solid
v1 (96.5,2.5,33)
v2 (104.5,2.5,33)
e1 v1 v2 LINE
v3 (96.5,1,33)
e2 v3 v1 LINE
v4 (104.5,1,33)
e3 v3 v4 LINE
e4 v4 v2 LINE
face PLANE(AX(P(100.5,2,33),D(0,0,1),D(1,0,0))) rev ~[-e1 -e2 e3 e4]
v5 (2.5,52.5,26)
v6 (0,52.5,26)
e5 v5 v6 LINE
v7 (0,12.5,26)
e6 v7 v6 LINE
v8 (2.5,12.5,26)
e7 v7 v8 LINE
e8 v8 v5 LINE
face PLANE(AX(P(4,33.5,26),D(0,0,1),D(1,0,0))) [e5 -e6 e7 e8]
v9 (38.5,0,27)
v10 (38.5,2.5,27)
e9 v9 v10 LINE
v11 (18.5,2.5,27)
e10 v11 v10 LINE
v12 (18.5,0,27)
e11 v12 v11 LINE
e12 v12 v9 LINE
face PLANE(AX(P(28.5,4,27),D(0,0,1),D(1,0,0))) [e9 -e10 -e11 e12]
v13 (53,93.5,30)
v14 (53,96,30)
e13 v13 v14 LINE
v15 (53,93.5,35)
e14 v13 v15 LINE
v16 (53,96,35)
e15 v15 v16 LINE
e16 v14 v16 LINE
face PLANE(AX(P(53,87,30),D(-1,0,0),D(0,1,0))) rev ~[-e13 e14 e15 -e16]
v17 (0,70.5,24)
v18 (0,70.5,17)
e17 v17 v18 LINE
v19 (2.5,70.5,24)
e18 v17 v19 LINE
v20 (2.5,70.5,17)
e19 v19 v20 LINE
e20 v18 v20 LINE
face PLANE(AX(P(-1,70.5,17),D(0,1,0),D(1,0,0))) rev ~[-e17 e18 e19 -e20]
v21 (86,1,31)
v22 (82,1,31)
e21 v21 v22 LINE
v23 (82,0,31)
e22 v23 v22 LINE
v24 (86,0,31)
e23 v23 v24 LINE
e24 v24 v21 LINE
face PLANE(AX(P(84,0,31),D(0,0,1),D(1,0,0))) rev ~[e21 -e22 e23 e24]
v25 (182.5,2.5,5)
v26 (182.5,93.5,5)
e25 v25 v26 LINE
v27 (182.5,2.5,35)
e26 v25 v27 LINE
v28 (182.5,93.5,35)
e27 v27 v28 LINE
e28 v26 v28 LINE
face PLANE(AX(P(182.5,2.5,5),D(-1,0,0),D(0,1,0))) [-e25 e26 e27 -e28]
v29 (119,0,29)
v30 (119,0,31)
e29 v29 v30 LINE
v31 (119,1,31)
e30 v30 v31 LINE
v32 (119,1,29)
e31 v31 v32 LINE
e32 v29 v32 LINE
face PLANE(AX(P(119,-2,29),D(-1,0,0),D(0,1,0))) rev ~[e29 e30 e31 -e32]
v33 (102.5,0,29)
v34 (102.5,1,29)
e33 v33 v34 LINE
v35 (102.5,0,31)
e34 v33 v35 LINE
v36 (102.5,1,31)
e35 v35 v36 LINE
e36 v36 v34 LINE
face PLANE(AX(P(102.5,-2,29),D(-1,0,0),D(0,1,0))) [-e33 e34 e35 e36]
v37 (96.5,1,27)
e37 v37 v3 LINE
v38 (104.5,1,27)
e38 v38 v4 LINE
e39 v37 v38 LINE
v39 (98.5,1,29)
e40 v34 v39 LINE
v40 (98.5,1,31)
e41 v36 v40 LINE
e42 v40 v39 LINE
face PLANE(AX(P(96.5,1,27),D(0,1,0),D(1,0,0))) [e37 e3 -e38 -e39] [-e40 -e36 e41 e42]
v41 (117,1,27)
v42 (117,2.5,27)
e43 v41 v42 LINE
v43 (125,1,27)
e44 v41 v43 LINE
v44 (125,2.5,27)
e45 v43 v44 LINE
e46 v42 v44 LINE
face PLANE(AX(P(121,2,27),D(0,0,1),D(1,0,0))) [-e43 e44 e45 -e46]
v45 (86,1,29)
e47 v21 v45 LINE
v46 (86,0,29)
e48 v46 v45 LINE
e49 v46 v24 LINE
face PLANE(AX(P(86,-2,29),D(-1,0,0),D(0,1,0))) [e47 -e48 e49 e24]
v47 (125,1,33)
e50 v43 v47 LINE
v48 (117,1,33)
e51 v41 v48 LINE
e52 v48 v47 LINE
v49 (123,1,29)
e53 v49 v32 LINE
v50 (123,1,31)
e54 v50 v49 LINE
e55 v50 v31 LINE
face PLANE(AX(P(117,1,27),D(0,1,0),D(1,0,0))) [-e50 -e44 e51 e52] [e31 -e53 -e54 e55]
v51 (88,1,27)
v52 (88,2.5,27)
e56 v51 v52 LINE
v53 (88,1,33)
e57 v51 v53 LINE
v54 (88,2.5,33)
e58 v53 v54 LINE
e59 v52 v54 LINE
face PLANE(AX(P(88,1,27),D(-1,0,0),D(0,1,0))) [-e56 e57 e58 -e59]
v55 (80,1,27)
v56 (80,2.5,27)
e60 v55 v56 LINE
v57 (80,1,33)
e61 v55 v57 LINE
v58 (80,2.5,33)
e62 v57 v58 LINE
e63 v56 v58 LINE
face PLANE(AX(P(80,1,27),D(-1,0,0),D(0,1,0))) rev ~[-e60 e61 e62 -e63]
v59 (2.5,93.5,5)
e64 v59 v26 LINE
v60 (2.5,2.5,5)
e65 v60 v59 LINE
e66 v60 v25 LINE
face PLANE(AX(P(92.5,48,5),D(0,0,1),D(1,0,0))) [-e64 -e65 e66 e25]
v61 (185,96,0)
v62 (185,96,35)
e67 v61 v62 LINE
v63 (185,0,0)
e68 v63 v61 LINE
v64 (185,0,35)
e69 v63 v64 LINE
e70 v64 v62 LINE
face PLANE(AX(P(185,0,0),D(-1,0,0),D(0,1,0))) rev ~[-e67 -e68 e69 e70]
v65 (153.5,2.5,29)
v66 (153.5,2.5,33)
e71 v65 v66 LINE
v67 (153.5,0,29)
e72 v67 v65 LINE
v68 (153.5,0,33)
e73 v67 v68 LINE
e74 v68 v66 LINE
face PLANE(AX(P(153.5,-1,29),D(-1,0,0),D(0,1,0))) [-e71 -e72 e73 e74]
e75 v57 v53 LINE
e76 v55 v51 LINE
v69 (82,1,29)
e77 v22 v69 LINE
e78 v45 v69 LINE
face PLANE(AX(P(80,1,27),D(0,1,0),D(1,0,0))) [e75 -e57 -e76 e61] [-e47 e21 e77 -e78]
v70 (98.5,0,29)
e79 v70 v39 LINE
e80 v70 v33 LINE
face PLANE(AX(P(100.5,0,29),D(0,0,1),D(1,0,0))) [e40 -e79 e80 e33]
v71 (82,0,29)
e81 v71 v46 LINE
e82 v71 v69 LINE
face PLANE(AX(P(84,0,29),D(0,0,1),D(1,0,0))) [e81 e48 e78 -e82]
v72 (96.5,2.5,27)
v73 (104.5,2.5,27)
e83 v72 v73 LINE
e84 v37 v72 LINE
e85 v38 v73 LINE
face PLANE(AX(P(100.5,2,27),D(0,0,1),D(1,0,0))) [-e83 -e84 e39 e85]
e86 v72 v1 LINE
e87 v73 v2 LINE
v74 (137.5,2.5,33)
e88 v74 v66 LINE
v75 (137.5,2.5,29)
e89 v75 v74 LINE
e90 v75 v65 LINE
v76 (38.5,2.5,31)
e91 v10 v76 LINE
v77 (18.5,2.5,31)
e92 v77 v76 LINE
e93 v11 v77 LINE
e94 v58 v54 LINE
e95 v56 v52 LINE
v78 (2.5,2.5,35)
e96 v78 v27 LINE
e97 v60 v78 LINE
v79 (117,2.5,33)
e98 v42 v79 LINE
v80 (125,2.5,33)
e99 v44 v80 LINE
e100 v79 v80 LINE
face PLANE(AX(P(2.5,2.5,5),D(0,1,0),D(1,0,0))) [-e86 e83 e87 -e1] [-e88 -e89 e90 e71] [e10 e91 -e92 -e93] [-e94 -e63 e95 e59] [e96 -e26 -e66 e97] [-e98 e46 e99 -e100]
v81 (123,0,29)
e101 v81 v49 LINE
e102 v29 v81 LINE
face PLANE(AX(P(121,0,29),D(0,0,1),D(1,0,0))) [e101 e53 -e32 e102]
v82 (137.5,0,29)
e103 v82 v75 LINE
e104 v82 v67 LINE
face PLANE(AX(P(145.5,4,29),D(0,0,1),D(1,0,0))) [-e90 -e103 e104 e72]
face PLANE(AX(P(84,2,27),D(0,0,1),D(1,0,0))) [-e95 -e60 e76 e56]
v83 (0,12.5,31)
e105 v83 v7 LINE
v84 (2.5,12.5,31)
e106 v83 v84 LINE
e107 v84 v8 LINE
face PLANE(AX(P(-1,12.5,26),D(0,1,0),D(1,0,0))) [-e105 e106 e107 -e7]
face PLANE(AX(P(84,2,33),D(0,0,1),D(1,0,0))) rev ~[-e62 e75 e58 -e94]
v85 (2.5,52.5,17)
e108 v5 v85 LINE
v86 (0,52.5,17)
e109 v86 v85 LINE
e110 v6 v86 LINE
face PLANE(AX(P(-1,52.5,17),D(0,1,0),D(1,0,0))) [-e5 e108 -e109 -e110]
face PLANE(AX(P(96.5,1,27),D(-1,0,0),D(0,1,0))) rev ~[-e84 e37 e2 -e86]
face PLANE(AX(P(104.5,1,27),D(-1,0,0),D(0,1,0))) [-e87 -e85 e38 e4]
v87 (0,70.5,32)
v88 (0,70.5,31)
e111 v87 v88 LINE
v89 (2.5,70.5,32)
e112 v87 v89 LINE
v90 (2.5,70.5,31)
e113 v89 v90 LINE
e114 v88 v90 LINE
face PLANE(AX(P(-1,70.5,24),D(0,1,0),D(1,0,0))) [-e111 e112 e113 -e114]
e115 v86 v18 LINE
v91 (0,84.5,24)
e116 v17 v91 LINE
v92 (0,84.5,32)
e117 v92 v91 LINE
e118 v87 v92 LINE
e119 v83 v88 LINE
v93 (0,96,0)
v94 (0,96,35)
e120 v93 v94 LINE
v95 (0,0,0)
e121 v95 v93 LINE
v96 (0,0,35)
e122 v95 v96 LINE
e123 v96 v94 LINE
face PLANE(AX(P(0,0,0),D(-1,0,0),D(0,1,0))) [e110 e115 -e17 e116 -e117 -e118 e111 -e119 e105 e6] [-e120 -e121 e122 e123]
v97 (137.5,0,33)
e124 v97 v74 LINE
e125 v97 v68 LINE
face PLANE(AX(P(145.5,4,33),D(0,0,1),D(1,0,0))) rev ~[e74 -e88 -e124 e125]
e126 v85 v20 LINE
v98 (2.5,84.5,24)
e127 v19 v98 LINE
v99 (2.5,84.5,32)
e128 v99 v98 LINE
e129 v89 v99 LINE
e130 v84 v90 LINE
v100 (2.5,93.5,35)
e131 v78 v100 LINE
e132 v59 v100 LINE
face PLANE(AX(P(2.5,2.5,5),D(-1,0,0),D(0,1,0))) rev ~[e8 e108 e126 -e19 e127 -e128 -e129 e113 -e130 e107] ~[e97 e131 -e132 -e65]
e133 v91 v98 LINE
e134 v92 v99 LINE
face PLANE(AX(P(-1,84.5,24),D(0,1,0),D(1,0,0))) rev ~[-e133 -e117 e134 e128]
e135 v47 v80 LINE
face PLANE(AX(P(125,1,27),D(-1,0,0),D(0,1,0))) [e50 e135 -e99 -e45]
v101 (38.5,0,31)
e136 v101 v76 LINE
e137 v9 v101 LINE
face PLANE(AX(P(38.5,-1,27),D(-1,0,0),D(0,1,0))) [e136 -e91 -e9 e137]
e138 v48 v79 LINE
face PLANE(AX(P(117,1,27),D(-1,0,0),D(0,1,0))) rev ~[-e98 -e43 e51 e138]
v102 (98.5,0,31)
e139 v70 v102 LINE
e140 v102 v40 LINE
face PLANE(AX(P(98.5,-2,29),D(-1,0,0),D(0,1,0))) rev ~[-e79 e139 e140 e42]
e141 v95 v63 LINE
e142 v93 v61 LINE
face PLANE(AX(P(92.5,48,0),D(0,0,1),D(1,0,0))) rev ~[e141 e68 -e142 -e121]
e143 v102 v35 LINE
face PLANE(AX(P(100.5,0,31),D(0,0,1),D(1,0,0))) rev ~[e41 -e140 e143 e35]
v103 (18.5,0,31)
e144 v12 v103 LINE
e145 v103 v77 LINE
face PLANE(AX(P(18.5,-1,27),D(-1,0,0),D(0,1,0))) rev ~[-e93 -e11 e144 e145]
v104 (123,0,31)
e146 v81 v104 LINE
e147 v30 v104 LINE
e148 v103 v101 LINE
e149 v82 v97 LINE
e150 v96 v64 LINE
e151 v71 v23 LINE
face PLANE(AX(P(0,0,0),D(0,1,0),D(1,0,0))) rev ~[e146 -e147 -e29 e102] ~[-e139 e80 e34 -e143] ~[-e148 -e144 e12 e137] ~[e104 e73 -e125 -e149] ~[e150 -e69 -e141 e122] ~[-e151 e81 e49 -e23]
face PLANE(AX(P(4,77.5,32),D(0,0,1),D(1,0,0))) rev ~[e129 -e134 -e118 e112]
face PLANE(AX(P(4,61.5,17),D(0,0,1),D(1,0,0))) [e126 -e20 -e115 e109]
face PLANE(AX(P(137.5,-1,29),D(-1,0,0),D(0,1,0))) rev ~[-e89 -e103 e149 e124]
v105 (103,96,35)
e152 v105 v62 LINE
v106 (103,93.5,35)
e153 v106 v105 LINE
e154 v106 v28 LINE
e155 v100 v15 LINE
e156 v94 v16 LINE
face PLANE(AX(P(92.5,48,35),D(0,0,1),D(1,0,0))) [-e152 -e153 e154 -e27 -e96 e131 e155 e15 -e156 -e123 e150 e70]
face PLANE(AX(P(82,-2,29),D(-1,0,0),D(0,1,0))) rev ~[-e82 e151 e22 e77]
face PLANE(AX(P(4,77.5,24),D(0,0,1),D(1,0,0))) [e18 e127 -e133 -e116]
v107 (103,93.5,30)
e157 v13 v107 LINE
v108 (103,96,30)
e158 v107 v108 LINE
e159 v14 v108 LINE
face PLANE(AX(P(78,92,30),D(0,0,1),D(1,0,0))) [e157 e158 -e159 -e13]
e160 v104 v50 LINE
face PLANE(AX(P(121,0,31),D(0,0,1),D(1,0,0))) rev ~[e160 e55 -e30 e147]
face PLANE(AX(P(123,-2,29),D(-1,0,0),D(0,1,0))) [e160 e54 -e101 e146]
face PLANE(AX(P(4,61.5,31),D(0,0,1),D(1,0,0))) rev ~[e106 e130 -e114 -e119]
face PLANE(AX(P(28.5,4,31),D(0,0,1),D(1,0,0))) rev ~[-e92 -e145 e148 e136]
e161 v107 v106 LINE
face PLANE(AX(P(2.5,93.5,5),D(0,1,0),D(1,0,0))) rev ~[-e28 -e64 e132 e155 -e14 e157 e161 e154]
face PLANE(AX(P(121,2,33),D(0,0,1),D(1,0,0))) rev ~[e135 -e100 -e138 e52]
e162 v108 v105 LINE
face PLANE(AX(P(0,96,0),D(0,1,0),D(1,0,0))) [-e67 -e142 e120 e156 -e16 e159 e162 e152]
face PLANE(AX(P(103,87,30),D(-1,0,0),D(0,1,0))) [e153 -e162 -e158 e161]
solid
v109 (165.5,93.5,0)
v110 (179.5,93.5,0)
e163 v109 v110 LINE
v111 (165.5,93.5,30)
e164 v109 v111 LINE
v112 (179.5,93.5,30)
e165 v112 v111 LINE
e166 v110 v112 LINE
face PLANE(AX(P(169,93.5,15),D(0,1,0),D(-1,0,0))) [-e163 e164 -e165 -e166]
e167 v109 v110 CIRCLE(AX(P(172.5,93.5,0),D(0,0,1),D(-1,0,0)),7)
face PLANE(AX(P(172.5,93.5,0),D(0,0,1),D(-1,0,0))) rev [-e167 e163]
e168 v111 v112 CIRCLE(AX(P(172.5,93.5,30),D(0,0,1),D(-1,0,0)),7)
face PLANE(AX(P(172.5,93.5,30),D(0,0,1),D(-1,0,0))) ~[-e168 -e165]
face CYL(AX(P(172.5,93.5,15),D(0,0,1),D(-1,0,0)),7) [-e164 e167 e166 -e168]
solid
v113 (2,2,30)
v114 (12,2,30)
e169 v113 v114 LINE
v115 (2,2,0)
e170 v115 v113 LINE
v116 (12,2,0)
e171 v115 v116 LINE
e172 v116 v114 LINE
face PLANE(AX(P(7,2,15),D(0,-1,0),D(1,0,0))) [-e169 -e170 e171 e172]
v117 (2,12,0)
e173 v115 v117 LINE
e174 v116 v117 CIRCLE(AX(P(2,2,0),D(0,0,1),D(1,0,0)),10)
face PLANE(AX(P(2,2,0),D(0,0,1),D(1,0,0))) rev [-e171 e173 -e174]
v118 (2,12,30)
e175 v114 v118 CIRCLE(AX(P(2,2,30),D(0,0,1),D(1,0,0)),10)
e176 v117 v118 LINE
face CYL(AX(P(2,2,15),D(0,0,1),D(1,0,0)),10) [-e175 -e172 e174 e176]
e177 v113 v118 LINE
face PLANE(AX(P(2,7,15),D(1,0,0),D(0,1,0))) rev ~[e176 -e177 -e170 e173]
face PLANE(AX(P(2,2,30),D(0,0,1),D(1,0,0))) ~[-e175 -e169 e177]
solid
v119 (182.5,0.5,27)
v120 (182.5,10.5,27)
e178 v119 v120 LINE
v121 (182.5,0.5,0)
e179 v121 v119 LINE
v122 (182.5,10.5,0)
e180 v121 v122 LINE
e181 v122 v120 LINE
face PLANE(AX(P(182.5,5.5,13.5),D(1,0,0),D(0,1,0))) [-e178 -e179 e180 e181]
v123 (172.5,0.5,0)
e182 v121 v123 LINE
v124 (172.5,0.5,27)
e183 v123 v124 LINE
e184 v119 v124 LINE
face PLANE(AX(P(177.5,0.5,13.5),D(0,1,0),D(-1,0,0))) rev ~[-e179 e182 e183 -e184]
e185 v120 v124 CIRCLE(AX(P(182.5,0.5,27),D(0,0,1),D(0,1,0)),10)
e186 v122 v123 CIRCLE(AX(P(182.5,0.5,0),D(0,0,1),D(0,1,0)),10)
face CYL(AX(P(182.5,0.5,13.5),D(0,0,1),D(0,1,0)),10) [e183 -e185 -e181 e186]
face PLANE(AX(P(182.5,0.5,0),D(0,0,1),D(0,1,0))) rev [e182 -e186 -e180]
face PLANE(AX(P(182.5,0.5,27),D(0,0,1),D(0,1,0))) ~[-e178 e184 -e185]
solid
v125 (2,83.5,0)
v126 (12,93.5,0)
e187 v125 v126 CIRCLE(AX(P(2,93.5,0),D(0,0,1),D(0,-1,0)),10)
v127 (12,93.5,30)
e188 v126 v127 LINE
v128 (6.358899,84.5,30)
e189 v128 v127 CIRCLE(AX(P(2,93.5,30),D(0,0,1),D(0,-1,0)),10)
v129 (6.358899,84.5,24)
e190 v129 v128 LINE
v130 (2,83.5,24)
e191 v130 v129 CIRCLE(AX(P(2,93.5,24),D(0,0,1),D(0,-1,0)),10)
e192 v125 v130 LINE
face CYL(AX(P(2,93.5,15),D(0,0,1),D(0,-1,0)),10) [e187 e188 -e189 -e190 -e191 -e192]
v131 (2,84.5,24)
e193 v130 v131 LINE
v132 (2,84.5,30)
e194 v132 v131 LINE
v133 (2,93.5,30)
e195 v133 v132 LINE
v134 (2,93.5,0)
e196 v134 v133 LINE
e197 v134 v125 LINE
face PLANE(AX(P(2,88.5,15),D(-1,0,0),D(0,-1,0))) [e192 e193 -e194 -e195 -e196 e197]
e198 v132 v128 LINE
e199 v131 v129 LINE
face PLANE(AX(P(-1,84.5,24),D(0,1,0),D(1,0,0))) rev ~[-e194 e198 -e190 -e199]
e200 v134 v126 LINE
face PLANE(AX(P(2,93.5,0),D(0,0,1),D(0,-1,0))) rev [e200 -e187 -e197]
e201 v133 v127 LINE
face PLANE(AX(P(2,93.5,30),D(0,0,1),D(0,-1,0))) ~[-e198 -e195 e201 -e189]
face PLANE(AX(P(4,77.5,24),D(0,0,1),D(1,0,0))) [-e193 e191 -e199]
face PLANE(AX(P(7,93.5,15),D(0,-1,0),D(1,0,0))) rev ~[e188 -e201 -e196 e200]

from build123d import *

# Parameters (mm, degrees)
CYLINDER_W                  = 10
CYLINDER_H                  = 30
CYLINDER_ANGLE              = 90
CYLINDER002_W               = 7
CYLINDER002_H               = 30
CYLINDER002_ANGLE           = 180
CYLINDER003_W               = 10
CYLINDER003_H               = 27
CYLINDER003_ANGLE           = 90
CYLINDER003_PLACEMENT_ANGLE = 90
BOX012_W                    = 8
BOX012_H                    = 2
BOX012_DEPTH                = 6
BOX011_W                    = 8
BOX011_H                    = 2
BOX011_DEPTH                = 6
BOX013_W                    = 8
BOX013_H                    = 2
BOX013_DEPTH                = 6
BOX008_W                    = 4
BOX008_H                    = 4
BOX008_DEPTH                = 2
BOX009_W                    = 4
BOX009_H                    = 4
BOX009_DEPTH                = 2
BOX007_W                    = 4
BOX007_H                    = 4
BOX007_DEPTH                = 2
BOX006_W                    = 20
BOX006_H                    = 10
BOX006_DEPTH                = 4
BOX005_W                    = 50
BOX005_H                    = 10
BOX005_DEPTH                = 5
BOX004_W                    = 10
BOX004_H                    = 42
BOX004_DEPTH                = 5
BOX003_W                    = 10
BOX003_H                    = 18
BOX003_DEPTH                = 14
BOX002_W                    = 10
BOX002_H                    = 14
BOX002_DEPTH                = 8
BOX010_W                    = 16
BOX010_H                    = 10
BOX010_DEPTH                = 4
BOX001_W                    = 180
BOX001_H                    = 91
BOX001_DEPTH                = 30
BOX_W                       = 185
BOX_H                       = 96
BOX_DEPTH                   = 35
CYLINDER001_W               = 10
CYLINDER001_H               = 30
CYLINDER001_ANGLE           = 90
CYLINDER001_PLACEMENT_ANGLE = -90


with BuildPart() as standoffbr:
    # Cylinder → Cylinder (revolve)
    with BuildSketch(Plane(origin=(2, 2, 0), x_dir=(1, 0, 0), z_dir=(0, -1, 0))):
        with Locations((5, 15)):
            Rectangle(CYLINDER_W, CYLINDER_H)
    revolve(axis=Axis((2, 2, 0), (0, 0, 1)), revolution_arc=CYLINDER_ANGLE)


with BuildPart() as standofftl:
    # Cylinder002 → Cylinder002 (revolve)
    with BuildSketch(Plane(origin=(172.5, 93.5, 0), x_dir=(-1, 0, 0), z_dir=(0, 1, 0))):
        with Locations((3.5, 15)):
            Rectangle(CYLINDER002_W, CYLINDER002_H)
    revolve(axis=Axis((172.5, 93.5, 0), (0, 0, 1)), revolution_arc=CYLINDER002_ANGLE)


with BuildPart() as standofftr:
    # Cylinder003 → Cylinder003 (revolve)
    with BuildSketch(Plane.XZ):
        with Locations((5, 13.5)):
            Rectangle(CYLINDER003_W, CYLINDER003_H)
    revolve(axis=Axis((0, 0, 0), (0, 0, 1)), revolution_arc=CYLINDER003_ANGLE)


with BuildPart() as standofftr_1:
    # Cylinder003 placement: moved
    add(standofftr.part.moved(Location((182.5, 0.5, 0))).rotate(Axis((182.5, 0.5, 0), (0, 0, 1)), CYLINDER003_PLACEMENT_ANGLE))


with BuildPart() as volumeupbotton:
    # Box012 → Box012 (new body)
    with BuildSketch(Plane(origin=(96.5, 1, 27), x_dir=(1, 0, 0), z_dir=(0, 0, 1))):
        with Locations((4, 1)):
            Rectangle(BOX012_W, BOX012_H)
    extrude(amount=BOX012_DEPTH)


with BuildPart() as voldownbutton:
    # Box011 → Box011 (new body)
    with BuildSketch(Plane(origin=(80, 1, 27), x_dir=(1, 0, 0), z_dir=(0, 0, 1))):
        with Locations((4, 1)):
            Rectangle(BOX011_W, BOX011_H)
    extrude(amount=BOX011_DEPTH)


with BuildPart() as buttoncutouts:
    # Box013 → Box013 (new body)
    with BuildSketch(Plane(origin=(117, 1, 27), x_dir=(1, 0, 0), z_dir=(0, 0, 1))):
        with Locations((4, 1)):
            Rectangle(BOX013_W, BOX013_H)
    extrude(amount=BOX013_DEPTH)

    # Fusion001: union VolumeUpBotton, VolDownButton
    add(volumeupbotton.part)
    add(voldownbutton.part)


with BuildPart() as volup:
    # Box008 → Box008 (new body)
    with BuildSketch(Plane(origin=(98.5, -2, 29), x_dir=(1, 0, 0), z_dir=(0, 0, 1))):
        with Locations((2, 2)):
            Rectangle(BOX008_W, BOX008_H)
    extrude(amount=BOX008_DEPTH)


with BuildPart() as power:
    # Box009 → Box009 (new body)
    with BuildSketch(Plane(origin=(119, -2, 29), x_dir=(1, 0, 0), z_dir=(0, 0, 1))):
        with Locations((2, 2)):
            Rectangle(BOX009_W, BOX009_H)
    extrude(amount=BOX009_DEPTH)


with BuildPart() as voldown:
    # Box007 → Box007 (new body)
    with BuildSketch(Plane(origin=(82, -2, 29), x_dir=(1, 0, 0), z_dir=(0, 0, 1))):
        with Locations((2, 2)):
            Rectangle(BOX007_W, BOX007_H)
    extrude(amount=BOX007_DEPTH)


with BuildPart() as smartcard:
    # Box006 → Box006 (new body)
    with BuildSketch(Plane(origin=(18.5, -1, 27), x_dir=(1, 0, 0), z_dir=(0, 0, 1))):
        with Locations((10, 5)):
            Rectangle(BOX006_W, BOX006_H)
    extrude(amount=BOX006_DEPTH)


with BuildPart() as hwswitches:
    # Box005 → Box005 (new body)
    with BuildSketch(Plane(origin=(53, 87, 30), x_dir=(1, 0, 0), z_dir=(0, 0, 1))):
        with Locations((25, 5)):
            Rectangle(BOX005_W, BOX005_H)
    extrude(amount=BOX005_DEPTH)


with BuildPart() as ports:
    # Box004 → Box004 (new body)
    with BuildSketch(Plane(origin=(-1, 12.5, 26), x_dir=(1, 0, 0), z_dir=(0, 0, 1))):
        with Locations((5, 21)):
            Rectangle(BOX004_W, BOX004_H)
    extrude(amount=BOX004_DEPTH)


with BuildPart() as rj45:
    # Box003 → Box003 (new body)
    with BuildSketch(Plane(origin=(-1, 52.5, 17), x_dir=(1, 0, 0), z_dir=(0, 0, 1))):
        with Locations((5, 9)):
            Rectangle(BOX003_W, BOX003_H)
    extrude(amount=BOX003_DEPTH)


with BuildPart() as headphone:
    # Box002 → Box002 (new body)
    with BuildSketch(Plane(origin=(-1, 70.5, 24), x_dir=(1, 0, 0), z_dir=(0, 0, 1))):
        with Locations((5, 7)):
            Rectangle(BOX002_W, BOX002_H)
    extrude(amount=BOX002_DEPTH)


with BuildPart() as allcutouts:
    # Box010 → Box010 (new body)
    with BuildSketch(Plane(origin=(137.5, -1, 29), x_dir=(1, 0, 0), z_dir=(0, 0, 1))):
        with Locations((8, 5)):
            Rectangle(BOX010_W, BOX010_H)
    extrude(amount=BOX010_DEPTH)

    # Fusion: union VolUp, Power, VolDown, SmartCard, HWSwitches, Ports, RJ45, Headphone
    add(volup.part)
    add(power.part)
    add(voldown.part)
    add(smartcard.part)
    add(hwswitches.part)
    add(ports.part)
    add(rj45.part)
    add(headphone.part)


with BuildPart() as inside:
    # Box001 → Box001 (new body)
    with BuildSketch(Plane(origin=(2.5, 2.5, 5), x_dir=(1, 0, 0), z_dir=(0, 0, 1))):
        with Locations((90, 45.5)):
            Rectangle(BOX001_W, BOX001_H)
    extrude(amount=BOX001_DEPTH)


with BuildPart() as shell001:
    # Box → Box (new body)
    with BuildSketch(Plane.XY):
        with Locations((92.5, 48)):
            Rectangle(BOX_W, BOX_H)
    extrude(amount=BOX_DEPTH)

    # Cut: cut Inside
    add(inside.part, mode=Mode.SUBTRACT)

    # Cut001: cut AllCutouts
    add(allcutouts.part, mode=Mode.SUBTRACT)

    # Cut002: cut ButtonCutouts
    add(buttoncutouts.part, mode=Mode.SUBTRACT)


with BuildPart() as standoffbl:
    # Cylinder001 → Cylinder001 (revolve)
    with BuildSketch(Plane.XZ):
        with Locations((5, 15)):
            Rectangle(CYLINDER001_W, CYLINDER001_H)
    revolve(axis=Axis((0, 0, 0), (0, 0, 1)), revolution_arc=CYLINDER001_ANGLE)


with BuildPart() as standoffbl_1:
    # Cylinder001 placement: moved
    add(standoffbl.part.moved(Location((2, 93.5, 0))).rotate(Axis((2, 93.5, 0), (0, 0, 1)), CYLINDER001_PLACEMENT_ANGLE))

    # Cut003: cut Headphone
    add(headphone.part, mode=Mode.SUBTRACT)


solid = Compound([standoffbr.part, standofftl.part, standofftr_1.part, shell001.part, standoffbl_1.part])
